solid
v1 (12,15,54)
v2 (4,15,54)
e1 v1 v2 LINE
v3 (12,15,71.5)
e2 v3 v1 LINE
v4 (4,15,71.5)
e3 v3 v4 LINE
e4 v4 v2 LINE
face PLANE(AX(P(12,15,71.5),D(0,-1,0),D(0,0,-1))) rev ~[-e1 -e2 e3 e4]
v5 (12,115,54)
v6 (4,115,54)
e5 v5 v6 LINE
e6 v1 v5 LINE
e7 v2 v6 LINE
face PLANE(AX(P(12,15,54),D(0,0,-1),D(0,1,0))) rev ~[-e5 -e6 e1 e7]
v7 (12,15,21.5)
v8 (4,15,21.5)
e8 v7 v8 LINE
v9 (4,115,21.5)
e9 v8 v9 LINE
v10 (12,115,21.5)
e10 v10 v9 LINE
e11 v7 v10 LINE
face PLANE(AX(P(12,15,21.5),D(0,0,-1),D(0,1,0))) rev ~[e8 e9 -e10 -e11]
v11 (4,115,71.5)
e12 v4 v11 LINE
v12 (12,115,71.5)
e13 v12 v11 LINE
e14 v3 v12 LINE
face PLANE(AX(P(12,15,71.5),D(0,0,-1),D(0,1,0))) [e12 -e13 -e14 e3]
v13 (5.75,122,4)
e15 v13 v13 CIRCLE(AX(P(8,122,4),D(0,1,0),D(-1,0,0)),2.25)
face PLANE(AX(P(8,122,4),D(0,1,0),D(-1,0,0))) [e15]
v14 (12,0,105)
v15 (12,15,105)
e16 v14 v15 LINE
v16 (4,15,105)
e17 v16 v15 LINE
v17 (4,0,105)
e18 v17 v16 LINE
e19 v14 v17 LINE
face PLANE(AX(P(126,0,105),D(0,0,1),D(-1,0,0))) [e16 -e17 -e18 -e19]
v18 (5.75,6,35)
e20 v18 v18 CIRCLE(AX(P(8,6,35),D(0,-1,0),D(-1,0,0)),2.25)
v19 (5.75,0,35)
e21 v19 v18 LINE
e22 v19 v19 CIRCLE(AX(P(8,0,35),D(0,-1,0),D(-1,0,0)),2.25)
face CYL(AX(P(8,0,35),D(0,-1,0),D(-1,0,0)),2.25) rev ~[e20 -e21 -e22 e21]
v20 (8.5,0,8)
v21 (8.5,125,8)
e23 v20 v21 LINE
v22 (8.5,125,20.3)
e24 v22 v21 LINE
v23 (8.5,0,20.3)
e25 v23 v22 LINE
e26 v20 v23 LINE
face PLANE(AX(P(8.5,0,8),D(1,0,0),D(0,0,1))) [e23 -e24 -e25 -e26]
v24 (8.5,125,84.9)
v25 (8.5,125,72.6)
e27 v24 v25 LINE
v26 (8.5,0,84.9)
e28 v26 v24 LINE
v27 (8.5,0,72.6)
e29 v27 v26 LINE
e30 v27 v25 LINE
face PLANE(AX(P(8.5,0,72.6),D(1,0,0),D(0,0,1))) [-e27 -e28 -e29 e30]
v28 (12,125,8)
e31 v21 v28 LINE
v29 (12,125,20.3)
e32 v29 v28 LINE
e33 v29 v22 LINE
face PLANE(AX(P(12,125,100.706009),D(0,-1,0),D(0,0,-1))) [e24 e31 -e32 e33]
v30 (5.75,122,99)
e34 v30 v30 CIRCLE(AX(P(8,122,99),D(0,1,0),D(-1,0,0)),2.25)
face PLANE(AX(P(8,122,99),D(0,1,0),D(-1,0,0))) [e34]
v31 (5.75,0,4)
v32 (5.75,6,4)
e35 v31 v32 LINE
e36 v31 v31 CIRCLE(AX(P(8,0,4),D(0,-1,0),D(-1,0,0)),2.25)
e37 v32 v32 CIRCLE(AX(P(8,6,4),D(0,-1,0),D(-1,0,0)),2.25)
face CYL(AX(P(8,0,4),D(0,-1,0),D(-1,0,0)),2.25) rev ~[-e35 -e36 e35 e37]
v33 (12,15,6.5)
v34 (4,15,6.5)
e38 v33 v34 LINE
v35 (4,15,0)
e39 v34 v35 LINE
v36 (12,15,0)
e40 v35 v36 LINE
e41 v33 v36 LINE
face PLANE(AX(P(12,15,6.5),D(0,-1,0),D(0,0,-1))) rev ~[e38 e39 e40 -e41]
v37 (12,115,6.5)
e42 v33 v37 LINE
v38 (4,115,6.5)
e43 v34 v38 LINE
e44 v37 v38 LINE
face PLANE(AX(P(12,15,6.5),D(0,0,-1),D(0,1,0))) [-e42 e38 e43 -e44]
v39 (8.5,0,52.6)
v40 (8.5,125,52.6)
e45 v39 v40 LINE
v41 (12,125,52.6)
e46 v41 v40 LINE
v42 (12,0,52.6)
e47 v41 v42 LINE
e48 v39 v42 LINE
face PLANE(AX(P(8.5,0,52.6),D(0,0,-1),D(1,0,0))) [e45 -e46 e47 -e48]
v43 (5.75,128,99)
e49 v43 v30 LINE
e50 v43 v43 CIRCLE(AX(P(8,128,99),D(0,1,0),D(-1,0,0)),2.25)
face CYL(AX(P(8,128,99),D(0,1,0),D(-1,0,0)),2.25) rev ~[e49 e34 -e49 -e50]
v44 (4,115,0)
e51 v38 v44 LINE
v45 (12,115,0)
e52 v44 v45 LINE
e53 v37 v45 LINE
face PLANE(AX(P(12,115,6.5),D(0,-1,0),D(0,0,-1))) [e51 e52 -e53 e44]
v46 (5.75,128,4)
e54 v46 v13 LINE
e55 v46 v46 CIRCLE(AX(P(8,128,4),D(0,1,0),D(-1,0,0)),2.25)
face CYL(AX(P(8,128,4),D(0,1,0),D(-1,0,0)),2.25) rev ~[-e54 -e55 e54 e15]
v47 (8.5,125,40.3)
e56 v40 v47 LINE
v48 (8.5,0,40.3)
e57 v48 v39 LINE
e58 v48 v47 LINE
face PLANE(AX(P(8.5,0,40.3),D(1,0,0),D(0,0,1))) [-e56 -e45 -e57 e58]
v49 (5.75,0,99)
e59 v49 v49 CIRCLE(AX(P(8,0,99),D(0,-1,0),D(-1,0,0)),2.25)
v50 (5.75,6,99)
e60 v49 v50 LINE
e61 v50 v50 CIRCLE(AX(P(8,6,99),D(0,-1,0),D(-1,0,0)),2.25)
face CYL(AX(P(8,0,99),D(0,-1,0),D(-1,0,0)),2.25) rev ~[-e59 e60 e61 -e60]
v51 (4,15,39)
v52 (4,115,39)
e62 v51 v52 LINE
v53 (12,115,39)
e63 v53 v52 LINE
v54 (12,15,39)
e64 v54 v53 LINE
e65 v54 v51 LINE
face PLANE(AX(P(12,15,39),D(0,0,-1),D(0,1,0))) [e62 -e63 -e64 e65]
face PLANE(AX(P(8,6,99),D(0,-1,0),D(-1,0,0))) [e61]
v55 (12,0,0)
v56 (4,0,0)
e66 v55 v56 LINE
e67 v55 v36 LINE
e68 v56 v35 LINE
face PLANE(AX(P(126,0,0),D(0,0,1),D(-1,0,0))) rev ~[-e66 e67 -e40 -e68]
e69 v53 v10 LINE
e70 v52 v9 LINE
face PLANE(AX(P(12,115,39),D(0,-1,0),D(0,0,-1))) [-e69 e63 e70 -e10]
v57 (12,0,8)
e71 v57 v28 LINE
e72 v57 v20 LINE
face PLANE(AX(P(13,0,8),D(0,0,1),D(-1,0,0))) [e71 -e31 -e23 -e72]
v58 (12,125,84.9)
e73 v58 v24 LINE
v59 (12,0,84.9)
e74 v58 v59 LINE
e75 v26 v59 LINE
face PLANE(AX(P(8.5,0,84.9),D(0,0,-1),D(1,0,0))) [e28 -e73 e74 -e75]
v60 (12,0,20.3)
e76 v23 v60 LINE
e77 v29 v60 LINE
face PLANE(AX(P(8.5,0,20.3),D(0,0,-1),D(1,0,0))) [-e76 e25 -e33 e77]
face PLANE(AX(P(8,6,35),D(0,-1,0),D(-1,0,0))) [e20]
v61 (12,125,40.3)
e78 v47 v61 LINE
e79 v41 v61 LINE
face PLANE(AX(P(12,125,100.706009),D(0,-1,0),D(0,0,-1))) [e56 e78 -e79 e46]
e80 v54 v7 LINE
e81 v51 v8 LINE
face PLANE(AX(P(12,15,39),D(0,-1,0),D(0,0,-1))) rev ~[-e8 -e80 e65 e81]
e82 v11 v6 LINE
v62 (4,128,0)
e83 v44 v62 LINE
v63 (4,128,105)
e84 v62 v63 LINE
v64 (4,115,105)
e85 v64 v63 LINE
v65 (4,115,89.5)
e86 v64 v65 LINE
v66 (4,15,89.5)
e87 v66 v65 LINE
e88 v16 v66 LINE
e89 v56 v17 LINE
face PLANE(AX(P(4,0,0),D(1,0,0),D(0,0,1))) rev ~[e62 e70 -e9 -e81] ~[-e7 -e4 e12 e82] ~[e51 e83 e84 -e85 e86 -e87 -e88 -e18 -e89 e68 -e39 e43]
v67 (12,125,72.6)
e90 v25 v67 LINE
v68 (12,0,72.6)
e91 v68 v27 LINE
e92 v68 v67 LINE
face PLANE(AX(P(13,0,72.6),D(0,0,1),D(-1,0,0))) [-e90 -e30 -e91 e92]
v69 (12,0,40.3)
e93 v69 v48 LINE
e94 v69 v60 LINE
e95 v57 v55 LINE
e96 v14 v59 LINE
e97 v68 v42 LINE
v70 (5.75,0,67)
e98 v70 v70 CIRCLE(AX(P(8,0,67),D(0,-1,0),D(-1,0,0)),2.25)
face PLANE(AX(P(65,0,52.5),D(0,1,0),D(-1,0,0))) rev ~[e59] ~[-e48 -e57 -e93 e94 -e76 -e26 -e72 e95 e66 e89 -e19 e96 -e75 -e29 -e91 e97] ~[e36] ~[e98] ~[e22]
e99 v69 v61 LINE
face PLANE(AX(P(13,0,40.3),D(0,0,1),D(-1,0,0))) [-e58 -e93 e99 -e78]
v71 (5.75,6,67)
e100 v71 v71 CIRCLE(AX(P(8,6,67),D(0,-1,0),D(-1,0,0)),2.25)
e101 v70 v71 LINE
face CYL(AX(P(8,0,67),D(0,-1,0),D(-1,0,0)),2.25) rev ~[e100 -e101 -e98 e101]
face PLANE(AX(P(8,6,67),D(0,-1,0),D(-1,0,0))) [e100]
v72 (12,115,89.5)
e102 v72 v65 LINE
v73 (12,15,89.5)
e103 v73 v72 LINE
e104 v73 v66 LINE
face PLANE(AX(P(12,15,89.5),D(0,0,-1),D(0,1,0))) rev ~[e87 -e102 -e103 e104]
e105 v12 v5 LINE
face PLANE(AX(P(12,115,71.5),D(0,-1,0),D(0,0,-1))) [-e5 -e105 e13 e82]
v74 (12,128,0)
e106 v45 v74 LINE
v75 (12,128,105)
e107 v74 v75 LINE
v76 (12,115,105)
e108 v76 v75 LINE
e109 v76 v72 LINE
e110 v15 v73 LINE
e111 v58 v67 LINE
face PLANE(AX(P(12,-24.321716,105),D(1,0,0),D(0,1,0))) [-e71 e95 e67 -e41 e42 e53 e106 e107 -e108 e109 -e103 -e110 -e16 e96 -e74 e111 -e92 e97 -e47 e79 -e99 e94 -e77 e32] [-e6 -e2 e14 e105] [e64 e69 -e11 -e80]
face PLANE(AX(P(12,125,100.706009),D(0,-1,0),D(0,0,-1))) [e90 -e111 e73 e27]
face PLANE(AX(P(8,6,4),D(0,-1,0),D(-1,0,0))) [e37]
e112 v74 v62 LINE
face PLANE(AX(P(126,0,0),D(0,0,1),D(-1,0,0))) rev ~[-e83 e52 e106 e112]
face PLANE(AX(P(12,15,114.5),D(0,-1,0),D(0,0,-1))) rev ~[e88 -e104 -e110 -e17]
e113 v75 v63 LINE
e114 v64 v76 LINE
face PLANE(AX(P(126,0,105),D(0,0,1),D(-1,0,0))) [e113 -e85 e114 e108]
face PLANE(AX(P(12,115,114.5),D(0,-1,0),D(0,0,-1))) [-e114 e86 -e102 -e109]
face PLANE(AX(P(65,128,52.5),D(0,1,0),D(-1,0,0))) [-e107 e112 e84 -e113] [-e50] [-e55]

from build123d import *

# Parameters (mm, degrees)
SKETCH026_W             = 122
SKETCH026_H             = 105
PAD006_DEPTH            = 128
SKETCH027_W             = 145.939007
SKETCH027_H             = 190.762029
POCKET019_DEPTH         = 105.001
SKETCH028_W             = 17.5
SKETCH028_H             = 100
SKETCH028_W_2           = 25
SKETCH028_W_3           = 22
POCKET020_DEPTH         = 8.001
SKETCH029_W             = 98.54208
SKETCH029_H             = 3
PAD007_DEPTH            = 7
SKETCH030_R             = 2.25
POCKET021_DEPTH         = 6
SKETCH031_R             = 2.25
POCKET022_DEPTH         = 6
BODY006_PLACEMENT_ANGLE = 180


with BuildPart() as part:
    # Sketch026 → Pad006 (new body)
    with BuildSketch(Plane.XZ):
        with Locations((61, 52.5)):
            Rectangle(SKETCH026_W, SKETCH026_H)
        Polygon((8, 5), (113, 5), (113, 8), (117.5, 8), (117.5, 20.3), (113, 20.3), (113, 40.3), (117.5, 40.3), (117.5, 52.6), (113, 52.6), (113, 72.6), (117.5, 72.6), (117.5, 84.9), (113, 84.9), (113, 100), (8, 100), (8, 84.9), (4, 84.9), (4, 72.6), (8, 72.6), (8, 52.6), (4, 52.6), (4, 40.3), (8, 40.3), (8, 20.3), (4, 20.3), (4, 8), (8, 8), align=None, mode=Mode.SUBTRACT)
    extrude(amount=PAD006_DEPTH)

    # Sketch027 (on Face2 of Pad006) → Pocket019 (cut, through all)
    with BuildSketch(Plane(origin=(0, 0, 105), x_dir=(-1, 0, 0), z_dir=(0, 0, 1))):
        with Locations((-41.0304965, 71.0592985)):
            Rectangle(SKETCH027_W, SKETCH027_H)
    extrude(amount=-POCKET019_DEPTH, mode=Mode.SUBTRACT)

    # Sketch028 (on Face11 of Pocket019) → Pocket020 (cut, through all)
    with BuildSketch(Plane(origin=(114, 0, 0), x_dir=(0, 0, -1), z_dir=(-1, 0, 0))):
        with Locations((-62.75, 65)):
            Rectangle(SKETCH028_W, SKETCH028_H)
        with Locations((-30.25, 65)):
            Rectangle(SKETCH028_W, SKETCH028_H)
        with Locations((-102, 65)):
            Rectangle(SKETCH028_W_2, SKETCH028_H)
        with Locations((4.5, 65)):
            Rectangle(SKETCH028_W_3, SKETCH028_H)
    extrude(amount=-POCKET020_DEPTH, mode=Mode.SUBTRACT)

    # Sketch029 (on Face22 of Pocket020) → Pad007 (join)
    with BuildSketch(Plane(origin=(114, 0, 0), x_dir=(0, 0, -1), z_dir=(-1, 0, 0))):
        with Locations((-51.434969, 126.5)):
            Rectangle(SKETCH029_W, SKETCH029_H)
    extrude(amount=-PAD007_DEPTH)

    # Sketch030 (on Face2 of Pad007) → Pocket021 (cut)
    with BuildSketch(Plane(origin=(0, 0, 0), x_dir=(1, 0, 0), z_dir=(0, 1, 0))):
        with Locations((118, -99)):
            Circle(SKETCH030_R)
        with Locations((118, -67)):
            Circle(SKETCH030_R)
        with Locations((118, -35)):
            Circle(SKETCH030_R)
        with Locations((118, -4)):
            Circle(SKETCH030_R)
    extrude(amount=-POCKET021_DEPTH, mode=Mode.SUBTRACT)

    # Sketch031 (on Face39 of Pocket021) → Pocket022 (cut)
    with BuildSketch(Plane.XZ.offset(128)):
        with Locations((118, 99)):
            Circle(SKETCH031_R)
        with Locations((118, 4)):
            Circle(SKETCH031_R)
    extrude(amount=-POCKET022_DEPTH, mode=Mode.SUBTRACT)


with BuildPart() as part_1:
    # Body006 placement: moved
    add(part.part.moved(Location((126, 0, 0))).rotate(Axis((126, 0, 0), (0, 0, -1)), BODY006_PLACEMENT_ANGLE))


solid = part_1.part
